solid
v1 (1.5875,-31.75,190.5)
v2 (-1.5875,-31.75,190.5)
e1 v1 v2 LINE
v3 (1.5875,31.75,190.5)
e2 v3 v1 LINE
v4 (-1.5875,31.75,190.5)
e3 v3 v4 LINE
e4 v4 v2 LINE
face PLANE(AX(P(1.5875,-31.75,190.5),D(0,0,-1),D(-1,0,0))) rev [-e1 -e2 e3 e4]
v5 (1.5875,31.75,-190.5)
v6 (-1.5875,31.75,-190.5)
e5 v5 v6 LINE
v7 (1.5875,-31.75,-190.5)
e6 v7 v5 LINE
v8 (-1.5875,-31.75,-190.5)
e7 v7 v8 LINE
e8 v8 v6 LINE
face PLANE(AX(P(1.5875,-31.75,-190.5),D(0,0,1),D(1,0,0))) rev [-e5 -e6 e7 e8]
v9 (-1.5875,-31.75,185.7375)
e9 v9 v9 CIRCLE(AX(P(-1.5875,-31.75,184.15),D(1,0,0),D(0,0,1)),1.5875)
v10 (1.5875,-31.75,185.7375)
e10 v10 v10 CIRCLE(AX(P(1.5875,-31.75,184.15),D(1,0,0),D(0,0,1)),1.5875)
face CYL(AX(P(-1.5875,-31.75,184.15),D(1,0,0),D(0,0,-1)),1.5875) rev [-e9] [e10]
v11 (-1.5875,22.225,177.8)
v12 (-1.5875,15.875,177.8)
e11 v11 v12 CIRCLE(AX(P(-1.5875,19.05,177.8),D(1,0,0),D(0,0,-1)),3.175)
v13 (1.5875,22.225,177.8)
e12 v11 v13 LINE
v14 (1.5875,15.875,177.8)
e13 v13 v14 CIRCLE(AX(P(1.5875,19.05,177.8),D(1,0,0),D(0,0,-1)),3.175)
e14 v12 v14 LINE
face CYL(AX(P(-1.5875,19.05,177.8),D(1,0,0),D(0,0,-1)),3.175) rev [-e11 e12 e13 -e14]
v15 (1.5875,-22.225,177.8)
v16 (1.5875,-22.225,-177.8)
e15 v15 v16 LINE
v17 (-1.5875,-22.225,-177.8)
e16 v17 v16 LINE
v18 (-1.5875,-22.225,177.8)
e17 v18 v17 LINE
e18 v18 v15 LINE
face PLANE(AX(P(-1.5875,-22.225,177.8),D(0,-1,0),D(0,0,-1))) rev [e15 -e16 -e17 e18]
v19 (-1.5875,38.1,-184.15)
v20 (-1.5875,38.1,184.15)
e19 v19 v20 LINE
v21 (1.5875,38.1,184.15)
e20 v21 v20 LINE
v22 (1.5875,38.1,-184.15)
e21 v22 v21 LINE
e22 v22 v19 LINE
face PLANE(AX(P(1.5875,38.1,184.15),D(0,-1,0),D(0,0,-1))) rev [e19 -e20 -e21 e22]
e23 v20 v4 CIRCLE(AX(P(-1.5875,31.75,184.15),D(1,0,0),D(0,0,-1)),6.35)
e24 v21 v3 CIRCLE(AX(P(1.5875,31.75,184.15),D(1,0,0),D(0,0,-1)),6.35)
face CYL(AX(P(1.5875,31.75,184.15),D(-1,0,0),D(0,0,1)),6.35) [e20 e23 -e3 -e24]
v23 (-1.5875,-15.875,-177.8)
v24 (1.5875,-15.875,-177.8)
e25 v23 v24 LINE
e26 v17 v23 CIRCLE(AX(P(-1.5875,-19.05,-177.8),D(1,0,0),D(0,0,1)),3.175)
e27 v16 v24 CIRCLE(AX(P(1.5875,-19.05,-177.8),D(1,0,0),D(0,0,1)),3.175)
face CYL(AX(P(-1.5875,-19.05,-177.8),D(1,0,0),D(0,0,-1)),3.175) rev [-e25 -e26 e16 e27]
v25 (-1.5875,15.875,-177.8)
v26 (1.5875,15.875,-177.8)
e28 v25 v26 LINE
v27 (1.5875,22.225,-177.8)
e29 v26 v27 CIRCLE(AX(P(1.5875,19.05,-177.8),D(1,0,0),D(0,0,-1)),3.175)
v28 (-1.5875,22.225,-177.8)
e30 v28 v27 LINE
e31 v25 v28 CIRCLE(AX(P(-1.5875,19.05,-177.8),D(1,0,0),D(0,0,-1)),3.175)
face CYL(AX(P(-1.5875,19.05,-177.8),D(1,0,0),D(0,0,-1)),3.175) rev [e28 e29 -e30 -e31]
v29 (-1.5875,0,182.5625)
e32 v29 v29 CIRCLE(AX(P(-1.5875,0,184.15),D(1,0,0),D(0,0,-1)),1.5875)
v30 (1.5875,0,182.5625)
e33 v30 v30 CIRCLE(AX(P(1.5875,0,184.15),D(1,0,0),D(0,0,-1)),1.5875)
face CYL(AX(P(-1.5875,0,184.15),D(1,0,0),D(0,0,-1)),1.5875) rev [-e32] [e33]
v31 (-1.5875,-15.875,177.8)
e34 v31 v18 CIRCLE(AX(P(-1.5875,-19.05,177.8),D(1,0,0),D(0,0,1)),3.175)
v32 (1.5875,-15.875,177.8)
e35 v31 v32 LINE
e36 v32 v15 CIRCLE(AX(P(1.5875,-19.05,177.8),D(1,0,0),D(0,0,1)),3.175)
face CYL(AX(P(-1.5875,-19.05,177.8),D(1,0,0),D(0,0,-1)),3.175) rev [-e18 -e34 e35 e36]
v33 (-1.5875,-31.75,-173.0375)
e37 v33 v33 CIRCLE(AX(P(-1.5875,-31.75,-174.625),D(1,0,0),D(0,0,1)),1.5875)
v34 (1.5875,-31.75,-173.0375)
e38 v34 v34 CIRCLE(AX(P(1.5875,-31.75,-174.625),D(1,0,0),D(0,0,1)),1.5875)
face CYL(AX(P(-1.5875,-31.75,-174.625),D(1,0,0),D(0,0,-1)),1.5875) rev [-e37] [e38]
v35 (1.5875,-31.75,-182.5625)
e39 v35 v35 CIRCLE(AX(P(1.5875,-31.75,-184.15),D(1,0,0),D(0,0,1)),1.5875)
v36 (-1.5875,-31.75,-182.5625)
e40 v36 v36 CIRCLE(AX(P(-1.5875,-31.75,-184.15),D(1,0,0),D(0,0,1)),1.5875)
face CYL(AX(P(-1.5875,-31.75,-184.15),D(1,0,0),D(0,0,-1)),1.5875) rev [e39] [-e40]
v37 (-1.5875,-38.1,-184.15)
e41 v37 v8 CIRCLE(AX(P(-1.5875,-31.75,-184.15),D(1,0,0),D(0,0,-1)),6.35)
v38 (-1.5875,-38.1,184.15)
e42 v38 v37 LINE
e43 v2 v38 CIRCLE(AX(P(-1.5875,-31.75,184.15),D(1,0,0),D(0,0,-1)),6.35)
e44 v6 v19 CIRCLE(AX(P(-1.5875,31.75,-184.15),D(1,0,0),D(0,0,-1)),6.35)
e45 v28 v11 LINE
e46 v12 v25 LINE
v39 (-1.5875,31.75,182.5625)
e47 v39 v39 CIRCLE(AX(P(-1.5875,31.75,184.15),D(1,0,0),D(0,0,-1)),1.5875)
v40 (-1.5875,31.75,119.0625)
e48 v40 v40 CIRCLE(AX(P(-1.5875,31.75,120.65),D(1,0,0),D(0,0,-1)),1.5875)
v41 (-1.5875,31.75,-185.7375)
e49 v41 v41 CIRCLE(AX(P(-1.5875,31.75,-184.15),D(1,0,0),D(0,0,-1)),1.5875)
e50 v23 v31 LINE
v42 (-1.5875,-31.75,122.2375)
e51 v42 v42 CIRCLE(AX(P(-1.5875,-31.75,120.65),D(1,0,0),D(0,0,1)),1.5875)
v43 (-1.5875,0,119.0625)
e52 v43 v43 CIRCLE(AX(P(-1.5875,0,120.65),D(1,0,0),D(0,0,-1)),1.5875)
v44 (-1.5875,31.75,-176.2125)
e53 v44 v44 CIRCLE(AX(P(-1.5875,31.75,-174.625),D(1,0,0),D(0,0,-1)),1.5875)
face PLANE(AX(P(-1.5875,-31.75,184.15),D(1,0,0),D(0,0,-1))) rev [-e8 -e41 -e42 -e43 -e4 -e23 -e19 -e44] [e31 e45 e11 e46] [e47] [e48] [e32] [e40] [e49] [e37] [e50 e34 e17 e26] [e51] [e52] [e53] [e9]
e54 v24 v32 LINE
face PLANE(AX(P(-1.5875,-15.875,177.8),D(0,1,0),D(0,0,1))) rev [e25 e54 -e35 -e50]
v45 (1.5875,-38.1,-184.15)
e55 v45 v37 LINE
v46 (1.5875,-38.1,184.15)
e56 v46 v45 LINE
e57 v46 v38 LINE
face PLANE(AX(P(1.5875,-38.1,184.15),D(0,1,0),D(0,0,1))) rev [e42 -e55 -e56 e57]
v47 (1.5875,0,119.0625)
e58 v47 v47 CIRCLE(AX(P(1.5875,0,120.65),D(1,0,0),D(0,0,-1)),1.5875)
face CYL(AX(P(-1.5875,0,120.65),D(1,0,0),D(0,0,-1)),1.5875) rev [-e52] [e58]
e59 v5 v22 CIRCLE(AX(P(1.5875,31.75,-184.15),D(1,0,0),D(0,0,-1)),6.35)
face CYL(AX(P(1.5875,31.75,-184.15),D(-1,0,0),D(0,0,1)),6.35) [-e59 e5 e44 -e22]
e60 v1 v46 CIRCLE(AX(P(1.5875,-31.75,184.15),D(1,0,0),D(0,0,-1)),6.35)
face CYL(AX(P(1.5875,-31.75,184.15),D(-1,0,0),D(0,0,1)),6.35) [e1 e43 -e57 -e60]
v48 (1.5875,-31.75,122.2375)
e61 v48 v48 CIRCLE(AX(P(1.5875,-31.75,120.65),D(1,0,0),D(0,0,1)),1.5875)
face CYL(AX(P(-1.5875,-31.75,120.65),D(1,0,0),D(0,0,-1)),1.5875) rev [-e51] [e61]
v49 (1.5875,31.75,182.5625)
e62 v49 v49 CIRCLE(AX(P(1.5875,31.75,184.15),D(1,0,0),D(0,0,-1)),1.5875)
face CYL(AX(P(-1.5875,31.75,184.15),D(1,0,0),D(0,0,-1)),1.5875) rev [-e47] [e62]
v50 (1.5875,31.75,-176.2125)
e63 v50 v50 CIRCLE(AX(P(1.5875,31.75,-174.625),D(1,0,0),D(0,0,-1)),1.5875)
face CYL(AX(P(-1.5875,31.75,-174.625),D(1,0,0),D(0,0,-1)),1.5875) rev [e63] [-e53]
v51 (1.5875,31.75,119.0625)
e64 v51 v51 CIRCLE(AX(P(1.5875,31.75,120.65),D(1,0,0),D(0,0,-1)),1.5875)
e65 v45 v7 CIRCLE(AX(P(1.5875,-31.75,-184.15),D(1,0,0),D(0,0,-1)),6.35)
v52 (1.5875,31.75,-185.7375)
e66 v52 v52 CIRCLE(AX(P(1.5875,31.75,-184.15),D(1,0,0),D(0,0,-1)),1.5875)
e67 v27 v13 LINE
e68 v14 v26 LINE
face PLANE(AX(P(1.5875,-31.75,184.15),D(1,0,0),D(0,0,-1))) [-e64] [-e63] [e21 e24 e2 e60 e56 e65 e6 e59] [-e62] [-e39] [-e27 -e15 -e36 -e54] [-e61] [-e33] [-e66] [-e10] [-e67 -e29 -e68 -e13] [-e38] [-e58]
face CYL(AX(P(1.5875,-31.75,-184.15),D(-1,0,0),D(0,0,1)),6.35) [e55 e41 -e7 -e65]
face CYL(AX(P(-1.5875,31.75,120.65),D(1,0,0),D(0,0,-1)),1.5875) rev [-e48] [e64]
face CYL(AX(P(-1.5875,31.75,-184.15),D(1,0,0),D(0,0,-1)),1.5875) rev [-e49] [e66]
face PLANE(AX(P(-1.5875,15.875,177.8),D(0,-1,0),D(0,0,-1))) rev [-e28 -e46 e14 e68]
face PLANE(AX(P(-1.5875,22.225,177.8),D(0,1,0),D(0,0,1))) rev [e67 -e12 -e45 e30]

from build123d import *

# Parameters (mm, degrees)
OUTER_CUT_DEPTH    = 1.5875
SLOTS_DEPTH        = 195.298586266
SKETCH3_R          = 1.5875
MOUNT_HOLES_DEPTH  = 195.298586266
SKETCH4_R          = 1.5875
CUT_EXTRUDE1_DEPTH = 195.298586266


with BuildPart() as part:
    # Sketch1 → Outer Cut (new, symmetric)
    with BuildSketch(Plane(origin=(0, 0, 0), x_dir=(0, 0, -1), z_dir=(1, 0, 0))):
        with BuildLine():
            Line((-184.15, -38.1), (184.15, -38.1))
            ThreePointArc((184.15, -38.1), (188.640128061, -36.240128061), (190.5, -31.75))
            Line((190.5, -31.75), (190.5, 31.75))
            ThreePointArc((190.5, 31.75), (188.640128061, 36.240128061), (184.15, 38.1))
            Line((184.15, 38.1), (-184.15, 38.1))
            ThreePointArc((-184.15, 38.1), (-188.640128061, 36.240128061), (-190.5, 31.75))
            Line((-190.5, 31.75), (-190.5, -31.75))
            ThreePointArc((-190.5, -31.75), (-188.640128061, -36.240128061), (-184.15, -38.1))
        make_face()
    extrude(amount=OUTER_CUT_DEPTH, both=True)

    # Sketch2 → Slots (cut, through all)
    with BuildSketch(Plane(origin=(1.5875, 0, 0), x_dir=(0, 0, -1), z_dir=(1, 0, 0))):
        with BuildLine():
            Line((-177.8, 22.225), (177.8, 22.225))
            ThreePointArc((177.8, 22.225), (180.975, 19.05), (177.8, 15.875))
            Line((177.8, 15.875), (-177.8, 15.875))
            ThreePointArc((-177.8, 15.875), (-180.975, 19.05), (-177.8, 22.225))
        make_face()
        with BuildLine():
            Line((-177.8, -22.225), (177.8, -22.225))
            ThreePointArc((177.8, -22.225), (180.975, -19.05), (177.8, -15.875))
            Line((177.8, -15.875), (-177.8, -15.875))
            ThreePointArc((-177.8, -15.875), (-180.975, -19.05), (-177.8, -22.225))
        make_face()
    extrude(amount=-SLOTS_DEPTH, mode=Mode.SUBTRACT)

    # Sketch3 → Mount Holes (cut, through all)
    with BuildSketch(Plane(origin=(1.5875, 0, 0), x_dir=(0, 0, -1), z_dir=(1, 0, 0))):
        with Locations((-184.15, 31.75)):
            Circle(SKETCH3_R)
        with Locations((-120.65, 31.75)):
            Circle(SKETCH3_R)
        with Locations(Location((-120.65, -31.75, 0), (0, 0, 180))):
            Circle(SKETCH3_R)
        with Locations(Location((-184.15, -31.75, 0), (0, 0, 180))):
            Circle(SKETCH3_R)
        with Locations((-184.15, 0)):
            Circle(SKETCH3_R)
        with Locations((-120.65, 0)):
            Circle(SKETCH3_R)
    extrude(amount=-MOUNT_HOLES_DEPTH, mode=Mode.SUBTRACT)

    # Sketch4 → Cut-Extrude1 (cut, through all)
    with BuildSketch(Plane(origin=(1.5875, 0, 0), x_dir=(0, 0, -1), z_dir=(1, 0, 0))):
        with Locations((184.15, 31.75)):
            Circle(SKETCH4_R)
        with Locations((174.625, 31.75)):
            Circle(SKETCH4_R)
        with Locations(Location((174.625, -31.75, 0), (0, 0, 180))):
            Circle(SKETCH4_R)
        with Locations(Location((184.15, -31.75, 0), (0, 0, 180))):
            Circle(SKETCH4_R)
    extrude(amount=-CUT_EXTRUDE1_DEPTH, mode=Mode.SUBTRACT)


solid = part.part
